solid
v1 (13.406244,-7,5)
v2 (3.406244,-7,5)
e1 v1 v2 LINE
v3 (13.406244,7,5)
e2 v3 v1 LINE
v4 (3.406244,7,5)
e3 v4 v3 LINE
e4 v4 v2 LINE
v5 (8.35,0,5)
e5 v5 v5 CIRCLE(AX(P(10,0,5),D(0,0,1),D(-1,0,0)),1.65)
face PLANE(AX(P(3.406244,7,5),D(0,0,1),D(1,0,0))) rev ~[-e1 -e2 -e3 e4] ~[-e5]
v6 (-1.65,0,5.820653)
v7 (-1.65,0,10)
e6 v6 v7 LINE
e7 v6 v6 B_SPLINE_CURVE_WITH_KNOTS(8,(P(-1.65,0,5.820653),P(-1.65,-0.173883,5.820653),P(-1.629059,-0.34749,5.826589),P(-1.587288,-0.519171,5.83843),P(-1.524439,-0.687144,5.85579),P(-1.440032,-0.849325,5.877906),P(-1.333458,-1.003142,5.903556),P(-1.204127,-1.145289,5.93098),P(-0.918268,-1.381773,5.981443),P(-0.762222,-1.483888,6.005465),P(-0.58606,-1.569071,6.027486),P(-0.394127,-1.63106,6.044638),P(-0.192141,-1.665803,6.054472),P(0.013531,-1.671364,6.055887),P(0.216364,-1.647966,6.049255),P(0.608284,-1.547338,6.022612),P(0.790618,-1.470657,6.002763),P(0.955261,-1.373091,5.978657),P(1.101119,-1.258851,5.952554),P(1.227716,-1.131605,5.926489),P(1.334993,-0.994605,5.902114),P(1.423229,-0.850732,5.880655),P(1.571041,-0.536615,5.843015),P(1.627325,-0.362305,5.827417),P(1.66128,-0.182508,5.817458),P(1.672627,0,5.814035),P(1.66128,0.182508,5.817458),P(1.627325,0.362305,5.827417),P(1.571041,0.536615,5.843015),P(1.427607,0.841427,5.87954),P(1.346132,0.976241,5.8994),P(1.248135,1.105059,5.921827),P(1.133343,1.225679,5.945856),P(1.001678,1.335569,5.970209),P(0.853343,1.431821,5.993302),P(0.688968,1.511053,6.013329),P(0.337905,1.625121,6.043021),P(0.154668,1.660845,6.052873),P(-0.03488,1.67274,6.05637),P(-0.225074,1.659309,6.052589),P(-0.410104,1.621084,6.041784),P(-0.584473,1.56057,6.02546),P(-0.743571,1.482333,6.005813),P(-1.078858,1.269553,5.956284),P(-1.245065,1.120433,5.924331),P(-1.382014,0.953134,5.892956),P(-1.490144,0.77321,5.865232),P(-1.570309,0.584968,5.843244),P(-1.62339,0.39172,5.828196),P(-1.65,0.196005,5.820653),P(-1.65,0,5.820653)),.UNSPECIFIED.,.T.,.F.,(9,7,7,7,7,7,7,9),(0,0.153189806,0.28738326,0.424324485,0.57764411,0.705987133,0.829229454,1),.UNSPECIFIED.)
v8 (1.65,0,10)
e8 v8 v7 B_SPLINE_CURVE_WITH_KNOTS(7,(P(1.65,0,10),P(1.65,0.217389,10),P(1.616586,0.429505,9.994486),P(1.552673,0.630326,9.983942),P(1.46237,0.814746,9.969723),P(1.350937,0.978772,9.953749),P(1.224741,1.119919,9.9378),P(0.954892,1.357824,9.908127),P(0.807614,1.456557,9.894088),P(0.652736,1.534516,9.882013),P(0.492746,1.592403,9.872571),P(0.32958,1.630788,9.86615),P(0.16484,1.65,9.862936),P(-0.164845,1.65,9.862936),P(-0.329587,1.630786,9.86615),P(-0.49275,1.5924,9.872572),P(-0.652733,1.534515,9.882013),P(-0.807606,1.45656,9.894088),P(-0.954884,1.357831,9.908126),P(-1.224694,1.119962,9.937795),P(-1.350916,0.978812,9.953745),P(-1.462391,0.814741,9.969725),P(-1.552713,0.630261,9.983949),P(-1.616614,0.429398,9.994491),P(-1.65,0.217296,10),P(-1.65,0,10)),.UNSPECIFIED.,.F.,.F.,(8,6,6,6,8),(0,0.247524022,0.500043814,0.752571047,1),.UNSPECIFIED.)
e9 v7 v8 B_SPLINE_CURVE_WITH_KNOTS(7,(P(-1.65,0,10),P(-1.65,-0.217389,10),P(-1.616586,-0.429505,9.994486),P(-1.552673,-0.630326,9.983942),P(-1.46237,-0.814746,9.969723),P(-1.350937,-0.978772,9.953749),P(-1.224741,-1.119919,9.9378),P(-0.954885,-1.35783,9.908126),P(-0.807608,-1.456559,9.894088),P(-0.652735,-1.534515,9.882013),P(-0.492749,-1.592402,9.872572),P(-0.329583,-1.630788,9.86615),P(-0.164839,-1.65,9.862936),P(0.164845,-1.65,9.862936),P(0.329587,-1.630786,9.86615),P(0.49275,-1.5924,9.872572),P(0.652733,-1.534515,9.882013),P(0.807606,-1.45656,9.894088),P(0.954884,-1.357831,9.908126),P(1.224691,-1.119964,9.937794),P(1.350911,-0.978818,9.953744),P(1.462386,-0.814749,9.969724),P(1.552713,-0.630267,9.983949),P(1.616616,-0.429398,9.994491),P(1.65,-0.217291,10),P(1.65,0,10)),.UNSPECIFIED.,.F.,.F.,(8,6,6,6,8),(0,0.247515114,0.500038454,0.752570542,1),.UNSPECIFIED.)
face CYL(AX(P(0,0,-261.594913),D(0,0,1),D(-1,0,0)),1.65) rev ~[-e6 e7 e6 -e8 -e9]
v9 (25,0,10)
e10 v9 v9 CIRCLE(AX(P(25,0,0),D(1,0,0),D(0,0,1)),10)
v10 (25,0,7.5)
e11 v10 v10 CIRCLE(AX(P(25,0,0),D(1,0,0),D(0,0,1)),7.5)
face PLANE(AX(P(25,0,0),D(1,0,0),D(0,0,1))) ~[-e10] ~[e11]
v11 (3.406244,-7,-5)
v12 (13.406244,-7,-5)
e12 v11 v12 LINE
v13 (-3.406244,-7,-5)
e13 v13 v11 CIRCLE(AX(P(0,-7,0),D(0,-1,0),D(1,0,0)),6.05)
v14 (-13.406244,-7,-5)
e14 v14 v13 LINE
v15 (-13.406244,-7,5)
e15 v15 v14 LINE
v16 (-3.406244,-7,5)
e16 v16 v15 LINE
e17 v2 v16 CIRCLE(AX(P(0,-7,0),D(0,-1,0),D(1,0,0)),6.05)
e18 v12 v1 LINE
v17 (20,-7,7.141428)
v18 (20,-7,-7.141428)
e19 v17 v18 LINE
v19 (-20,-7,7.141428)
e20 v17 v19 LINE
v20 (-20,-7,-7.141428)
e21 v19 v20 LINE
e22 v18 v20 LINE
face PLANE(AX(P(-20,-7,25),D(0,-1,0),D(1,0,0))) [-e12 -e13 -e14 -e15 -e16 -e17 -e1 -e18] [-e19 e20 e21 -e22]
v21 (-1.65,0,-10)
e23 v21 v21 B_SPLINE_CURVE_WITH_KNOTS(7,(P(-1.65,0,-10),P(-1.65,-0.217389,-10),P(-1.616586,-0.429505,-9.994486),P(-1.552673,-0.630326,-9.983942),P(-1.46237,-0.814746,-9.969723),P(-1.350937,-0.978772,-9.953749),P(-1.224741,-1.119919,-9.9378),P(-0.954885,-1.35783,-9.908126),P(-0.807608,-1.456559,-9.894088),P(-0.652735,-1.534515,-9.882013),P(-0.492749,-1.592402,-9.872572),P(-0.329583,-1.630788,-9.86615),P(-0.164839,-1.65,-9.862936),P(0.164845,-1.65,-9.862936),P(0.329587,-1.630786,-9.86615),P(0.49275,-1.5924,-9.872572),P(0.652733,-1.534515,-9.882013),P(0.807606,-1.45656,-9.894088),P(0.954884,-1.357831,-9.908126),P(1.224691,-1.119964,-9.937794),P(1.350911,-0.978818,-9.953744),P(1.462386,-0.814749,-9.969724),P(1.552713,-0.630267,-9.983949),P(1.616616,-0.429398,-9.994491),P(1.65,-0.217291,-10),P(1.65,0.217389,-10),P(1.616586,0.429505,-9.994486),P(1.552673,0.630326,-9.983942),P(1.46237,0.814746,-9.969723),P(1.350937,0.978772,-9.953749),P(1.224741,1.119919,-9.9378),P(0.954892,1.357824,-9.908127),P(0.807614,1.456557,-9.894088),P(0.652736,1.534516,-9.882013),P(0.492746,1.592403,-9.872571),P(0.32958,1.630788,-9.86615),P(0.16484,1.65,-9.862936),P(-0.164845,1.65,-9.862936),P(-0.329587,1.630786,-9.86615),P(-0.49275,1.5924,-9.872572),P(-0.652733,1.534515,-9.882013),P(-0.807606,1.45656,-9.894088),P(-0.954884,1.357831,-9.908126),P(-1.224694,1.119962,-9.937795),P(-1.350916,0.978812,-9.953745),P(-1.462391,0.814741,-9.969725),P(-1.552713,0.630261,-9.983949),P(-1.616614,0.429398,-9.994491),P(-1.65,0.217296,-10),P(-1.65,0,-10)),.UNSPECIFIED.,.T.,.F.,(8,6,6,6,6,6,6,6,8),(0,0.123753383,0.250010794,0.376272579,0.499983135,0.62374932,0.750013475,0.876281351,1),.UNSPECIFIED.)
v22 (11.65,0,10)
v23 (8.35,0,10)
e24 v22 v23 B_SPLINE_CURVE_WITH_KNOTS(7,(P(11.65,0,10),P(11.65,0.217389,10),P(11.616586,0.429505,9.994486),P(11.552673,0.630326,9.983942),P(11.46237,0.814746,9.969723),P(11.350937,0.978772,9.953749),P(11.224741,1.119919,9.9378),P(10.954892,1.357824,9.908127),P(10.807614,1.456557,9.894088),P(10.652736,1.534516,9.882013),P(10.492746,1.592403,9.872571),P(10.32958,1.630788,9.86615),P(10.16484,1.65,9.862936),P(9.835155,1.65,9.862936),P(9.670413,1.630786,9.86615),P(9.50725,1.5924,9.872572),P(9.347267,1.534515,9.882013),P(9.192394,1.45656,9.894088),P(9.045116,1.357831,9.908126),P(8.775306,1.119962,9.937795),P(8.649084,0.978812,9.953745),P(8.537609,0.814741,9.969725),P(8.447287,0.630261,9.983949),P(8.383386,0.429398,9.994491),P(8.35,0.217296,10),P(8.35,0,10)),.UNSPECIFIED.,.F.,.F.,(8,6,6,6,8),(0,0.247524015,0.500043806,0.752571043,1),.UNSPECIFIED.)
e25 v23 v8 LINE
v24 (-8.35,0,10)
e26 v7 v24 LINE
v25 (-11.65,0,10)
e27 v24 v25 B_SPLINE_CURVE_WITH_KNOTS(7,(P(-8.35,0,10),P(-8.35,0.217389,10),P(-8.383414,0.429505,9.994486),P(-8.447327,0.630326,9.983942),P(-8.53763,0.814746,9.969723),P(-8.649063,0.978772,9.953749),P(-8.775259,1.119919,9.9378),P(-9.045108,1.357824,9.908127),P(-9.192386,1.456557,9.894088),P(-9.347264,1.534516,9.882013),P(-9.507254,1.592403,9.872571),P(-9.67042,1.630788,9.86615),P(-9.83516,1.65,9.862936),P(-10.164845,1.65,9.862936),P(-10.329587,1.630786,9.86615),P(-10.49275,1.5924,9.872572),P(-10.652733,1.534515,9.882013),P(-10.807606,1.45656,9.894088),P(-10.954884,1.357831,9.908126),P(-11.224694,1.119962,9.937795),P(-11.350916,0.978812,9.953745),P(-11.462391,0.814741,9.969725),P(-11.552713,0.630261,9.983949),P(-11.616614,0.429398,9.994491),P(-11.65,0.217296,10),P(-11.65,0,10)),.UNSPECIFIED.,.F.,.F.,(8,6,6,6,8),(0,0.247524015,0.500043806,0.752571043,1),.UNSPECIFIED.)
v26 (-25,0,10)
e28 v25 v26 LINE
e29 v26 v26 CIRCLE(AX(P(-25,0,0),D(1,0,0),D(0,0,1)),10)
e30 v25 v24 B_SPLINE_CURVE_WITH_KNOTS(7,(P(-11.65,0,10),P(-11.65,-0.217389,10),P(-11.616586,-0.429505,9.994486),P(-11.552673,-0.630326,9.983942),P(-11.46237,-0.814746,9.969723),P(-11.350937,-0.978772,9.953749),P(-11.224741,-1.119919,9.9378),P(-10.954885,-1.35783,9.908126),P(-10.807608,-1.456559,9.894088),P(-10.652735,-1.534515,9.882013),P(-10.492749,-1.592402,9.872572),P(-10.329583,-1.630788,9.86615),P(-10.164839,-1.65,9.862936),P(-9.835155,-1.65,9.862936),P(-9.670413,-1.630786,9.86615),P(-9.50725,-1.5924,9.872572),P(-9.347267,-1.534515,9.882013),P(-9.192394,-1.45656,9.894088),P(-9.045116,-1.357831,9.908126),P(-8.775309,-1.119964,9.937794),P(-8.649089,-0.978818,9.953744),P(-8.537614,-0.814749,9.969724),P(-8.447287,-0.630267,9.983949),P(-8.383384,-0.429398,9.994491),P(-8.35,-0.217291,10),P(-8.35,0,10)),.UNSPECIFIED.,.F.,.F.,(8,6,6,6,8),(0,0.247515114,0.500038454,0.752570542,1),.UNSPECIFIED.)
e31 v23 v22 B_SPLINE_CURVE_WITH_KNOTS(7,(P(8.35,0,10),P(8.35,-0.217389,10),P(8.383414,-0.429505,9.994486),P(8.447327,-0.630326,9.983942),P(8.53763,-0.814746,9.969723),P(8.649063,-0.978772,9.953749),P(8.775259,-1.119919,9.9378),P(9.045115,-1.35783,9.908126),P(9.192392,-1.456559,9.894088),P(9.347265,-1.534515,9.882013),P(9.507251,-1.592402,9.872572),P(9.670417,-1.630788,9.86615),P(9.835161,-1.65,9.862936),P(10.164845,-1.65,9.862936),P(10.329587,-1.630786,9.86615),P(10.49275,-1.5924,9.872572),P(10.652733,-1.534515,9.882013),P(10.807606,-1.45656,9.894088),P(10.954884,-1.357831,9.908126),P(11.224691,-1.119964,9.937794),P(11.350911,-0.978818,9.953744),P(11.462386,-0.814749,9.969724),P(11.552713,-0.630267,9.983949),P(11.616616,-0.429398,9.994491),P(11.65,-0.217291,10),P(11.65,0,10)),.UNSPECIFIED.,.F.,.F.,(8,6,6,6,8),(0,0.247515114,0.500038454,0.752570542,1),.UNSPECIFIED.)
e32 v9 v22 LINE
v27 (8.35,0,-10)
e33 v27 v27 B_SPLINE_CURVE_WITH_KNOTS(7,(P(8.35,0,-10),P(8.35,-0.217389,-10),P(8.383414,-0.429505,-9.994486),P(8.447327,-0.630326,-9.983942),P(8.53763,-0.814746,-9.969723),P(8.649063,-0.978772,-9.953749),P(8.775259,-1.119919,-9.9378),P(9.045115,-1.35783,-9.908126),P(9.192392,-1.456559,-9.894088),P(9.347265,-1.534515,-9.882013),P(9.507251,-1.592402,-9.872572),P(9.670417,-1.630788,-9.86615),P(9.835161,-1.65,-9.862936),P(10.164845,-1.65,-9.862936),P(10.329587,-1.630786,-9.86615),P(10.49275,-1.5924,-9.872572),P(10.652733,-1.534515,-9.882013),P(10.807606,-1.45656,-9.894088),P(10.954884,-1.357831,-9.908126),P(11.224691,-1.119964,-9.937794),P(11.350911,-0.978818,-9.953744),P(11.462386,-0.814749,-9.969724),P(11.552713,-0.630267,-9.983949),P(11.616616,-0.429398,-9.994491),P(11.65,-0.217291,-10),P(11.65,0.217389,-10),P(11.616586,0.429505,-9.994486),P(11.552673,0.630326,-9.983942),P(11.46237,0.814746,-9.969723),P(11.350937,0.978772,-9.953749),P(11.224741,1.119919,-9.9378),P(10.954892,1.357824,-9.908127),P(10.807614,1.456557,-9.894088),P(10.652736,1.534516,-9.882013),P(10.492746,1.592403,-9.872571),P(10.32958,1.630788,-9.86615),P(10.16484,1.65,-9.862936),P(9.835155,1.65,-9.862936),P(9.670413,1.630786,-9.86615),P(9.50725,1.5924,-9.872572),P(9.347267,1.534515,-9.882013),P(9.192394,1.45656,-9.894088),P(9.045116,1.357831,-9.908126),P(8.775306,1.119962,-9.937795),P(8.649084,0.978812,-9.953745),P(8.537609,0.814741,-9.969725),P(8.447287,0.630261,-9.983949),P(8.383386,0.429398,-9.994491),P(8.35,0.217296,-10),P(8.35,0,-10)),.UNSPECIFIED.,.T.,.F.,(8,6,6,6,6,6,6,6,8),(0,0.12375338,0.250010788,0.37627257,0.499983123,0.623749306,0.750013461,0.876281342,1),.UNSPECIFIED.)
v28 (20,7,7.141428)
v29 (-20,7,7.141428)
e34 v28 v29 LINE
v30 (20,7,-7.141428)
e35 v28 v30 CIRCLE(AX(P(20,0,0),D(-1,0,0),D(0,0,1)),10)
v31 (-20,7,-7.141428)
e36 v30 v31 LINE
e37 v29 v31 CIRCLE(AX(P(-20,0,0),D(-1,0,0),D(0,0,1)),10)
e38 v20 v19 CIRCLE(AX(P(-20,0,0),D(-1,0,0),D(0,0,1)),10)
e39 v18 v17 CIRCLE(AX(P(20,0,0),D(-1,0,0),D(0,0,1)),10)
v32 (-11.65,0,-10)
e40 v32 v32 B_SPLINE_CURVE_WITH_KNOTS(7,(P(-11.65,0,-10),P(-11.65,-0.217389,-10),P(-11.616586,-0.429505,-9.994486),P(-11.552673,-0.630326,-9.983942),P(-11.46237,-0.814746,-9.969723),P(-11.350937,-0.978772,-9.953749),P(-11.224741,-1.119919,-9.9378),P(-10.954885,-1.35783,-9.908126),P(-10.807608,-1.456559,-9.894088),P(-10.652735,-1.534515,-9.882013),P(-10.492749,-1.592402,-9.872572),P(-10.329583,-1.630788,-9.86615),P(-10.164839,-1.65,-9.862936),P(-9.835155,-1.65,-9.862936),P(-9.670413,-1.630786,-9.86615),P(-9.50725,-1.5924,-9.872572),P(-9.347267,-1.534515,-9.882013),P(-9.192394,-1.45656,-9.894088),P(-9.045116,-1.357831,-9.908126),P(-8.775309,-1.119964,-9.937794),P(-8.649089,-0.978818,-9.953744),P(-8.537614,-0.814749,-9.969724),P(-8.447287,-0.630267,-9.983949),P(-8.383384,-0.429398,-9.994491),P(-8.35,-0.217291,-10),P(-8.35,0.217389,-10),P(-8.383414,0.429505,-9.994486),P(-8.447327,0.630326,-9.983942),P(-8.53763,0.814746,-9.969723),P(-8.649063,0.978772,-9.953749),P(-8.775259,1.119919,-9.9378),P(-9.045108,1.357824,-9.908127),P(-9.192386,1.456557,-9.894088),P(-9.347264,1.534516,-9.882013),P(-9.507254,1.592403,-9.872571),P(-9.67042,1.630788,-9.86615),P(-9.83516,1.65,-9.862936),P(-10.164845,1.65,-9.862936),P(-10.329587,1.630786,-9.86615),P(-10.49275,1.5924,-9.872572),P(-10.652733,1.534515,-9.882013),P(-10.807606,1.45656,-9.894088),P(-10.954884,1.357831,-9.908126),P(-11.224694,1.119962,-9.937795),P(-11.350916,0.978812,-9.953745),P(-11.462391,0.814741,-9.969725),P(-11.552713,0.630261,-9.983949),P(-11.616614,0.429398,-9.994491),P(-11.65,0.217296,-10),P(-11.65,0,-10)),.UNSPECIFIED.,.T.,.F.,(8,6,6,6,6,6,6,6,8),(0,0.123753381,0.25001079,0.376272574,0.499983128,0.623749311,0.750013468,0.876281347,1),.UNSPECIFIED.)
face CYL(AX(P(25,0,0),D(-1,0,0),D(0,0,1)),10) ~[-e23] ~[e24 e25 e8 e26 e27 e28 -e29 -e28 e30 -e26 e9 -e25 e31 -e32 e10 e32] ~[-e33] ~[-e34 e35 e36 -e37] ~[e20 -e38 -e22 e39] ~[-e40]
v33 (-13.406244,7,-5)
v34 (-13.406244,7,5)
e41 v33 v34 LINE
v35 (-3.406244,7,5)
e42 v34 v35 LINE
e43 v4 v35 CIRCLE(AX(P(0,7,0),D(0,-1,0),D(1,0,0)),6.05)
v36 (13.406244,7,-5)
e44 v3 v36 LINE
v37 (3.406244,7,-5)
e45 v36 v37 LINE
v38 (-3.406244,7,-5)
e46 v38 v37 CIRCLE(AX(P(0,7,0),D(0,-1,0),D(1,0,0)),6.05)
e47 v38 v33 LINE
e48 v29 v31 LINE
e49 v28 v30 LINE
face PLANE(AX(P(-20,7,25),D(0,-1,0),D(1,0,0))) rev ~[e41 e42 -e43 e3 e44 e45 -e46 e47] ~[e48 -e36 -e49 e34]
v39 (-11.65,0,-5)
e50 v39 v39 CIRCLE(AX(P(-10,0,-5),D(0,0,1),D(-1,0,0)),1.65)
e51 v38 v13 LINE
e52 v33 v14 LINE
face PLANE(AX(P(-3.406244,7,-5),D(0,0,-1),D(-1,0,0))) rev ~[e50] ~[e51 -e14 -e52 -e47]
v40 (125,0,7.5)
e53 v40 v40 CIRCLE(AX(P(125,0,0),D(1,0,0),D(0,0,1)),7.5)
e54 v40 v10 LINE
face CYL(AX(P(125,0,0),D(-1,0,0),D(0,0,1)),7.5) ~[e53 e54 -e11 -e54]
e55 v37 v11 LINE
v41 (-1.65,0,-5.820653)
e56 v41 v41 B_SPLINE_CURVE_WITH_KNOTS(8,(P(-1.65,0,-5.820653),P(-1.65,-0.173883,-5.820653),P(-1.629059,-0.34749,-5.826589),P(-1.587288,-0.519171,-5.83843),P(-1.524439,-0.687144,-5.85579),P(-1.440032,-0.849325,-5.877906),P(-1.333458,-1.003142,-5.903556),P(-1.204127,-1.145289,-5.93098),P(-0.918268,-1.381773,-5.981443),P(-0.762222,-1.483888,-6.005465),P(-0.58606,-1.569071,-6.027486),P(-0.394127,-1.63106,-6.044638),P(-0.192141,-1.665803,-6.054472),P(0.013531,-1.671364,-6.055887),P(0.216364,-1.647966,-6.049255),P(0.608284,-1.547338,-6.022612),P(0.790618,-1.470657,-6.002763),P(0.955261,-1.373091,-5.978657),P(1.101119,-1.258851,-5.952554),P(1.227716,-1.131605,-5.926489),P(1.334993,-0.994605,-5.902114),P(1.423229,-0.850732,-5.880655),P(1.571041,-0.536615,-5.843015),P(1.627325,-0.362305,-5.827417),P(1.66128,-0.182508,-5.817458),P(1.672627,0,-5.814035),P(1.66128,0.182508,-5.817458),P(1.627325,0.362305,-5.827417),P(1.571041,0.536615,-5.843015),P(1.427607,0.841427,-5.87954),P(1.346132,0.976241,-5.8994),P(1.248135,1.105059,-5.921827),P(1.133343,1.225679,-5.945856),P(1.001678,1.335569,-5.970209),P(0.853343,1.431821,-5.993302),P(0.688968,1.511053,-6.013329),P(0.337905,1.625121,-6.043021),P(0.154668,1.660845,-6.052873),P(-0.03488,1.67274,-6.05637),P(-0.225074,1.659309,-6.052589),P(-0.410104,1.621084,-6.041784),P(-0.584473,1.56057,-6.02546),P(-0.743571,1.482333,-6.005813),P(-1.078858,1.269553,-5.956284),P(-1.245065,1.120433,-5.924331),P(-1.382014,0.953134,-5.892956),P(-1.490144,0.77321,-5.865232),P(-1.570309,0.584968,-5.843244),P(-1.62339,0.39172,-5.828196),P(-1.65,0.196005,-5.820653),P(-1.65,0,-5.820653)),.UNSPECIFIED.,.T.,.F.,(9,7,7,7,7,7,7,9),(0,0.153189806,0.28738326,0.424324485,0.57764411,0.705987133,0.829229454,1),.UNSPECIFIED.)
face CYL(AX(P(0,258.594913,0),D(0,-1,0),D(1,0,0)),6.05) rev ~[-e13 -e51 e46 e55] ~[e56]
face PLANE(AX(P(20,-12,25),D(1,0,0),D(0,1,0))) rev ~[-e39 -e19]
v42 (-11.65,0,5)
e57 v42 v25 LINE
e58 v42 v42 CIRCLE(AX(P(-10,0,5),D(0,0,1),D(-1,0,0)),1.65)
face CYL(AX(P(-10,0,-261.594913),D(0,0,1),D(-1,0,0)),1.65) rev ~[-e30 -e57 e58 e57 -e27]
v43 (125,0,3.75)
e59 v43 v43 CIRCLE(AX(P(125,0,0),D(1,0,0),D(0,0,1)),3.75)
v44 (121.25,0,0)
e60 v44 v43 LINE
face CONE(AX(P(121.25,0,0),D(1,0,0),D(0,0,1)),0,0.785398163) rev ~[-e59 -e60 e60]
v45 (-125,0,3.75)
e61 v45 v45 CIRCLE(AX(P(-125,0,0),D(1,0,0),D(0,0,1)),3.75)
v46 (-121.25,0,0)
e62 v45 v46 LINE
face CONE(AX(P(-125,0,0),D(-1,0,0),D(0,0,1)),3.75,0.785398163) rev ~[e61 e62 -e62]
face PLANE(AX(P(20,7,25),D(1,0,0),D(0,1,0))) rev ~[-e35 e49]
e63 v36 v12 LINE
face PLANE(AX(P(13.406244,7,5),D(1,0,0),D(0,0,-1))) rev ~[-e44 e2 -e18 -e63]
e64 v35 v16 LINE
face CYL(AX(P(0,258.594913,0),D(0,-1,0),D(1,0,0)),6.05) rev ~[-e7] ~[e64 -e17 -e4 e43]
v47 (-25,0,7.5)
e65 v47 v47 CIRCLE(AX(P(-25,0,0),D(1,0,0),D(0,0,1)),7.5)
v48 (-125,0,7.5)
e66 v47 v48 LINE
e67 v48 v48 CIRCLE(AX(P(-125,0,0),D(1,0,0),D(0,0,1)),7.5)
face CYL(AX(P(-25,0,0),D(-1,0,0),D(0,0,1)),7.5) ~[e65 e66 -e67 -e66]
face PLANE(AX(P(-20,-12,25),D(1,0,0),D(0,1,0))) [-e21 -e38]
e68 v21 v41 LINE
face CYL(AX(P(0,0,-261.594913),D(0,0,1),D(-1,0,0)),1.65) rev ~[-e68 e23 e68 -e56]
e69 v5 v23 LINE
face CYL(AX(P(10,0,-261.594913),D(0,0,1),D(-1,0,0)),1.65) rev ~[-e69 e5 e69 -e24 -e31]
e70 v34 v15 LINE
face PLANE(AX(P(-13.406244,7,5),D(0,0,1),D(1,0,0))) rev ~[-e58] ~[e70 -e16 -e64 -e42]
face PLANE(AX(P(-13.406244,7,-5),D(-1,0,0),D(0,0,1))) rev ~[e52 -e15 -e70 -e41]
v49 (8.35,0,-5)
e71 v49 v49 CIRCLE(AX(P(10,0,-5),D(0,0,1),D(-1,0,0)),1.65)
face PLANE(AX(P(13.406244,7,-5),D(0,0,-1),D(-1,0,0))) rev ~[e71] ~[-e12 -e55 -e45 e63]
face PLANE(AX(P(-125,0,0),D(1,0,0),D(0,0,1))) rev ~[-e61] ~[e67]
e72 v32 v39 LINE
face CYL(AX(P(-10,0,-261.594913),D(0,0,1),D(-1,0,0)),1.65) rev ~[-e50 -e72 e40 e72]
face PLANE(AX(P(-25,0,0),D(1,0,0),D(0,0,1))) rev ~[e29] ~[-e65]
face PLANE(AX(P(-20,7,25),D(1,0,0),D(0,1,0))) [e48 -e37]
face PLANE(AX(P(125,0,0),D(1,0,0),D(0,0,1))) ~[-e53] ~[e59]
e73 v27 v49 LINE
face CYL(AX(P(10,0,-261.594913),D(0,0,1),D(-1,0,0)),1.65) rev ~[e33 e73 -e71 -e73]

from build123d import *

# Parameters (mm, degrees)
F3_W      = 40
F3_H      = 5
F4_DEPTH  = 35.001
F6_D      = 12.1
F9_D      = 3.3
F11_DEPTH = 17.0010001


with BuildPart() as f1:
    # F0 (on Front) → F1 (revolve)
    with BuildSketch(Plane.XZ):
        Polygon((-125, 7.5), (-125, 3.75), (-121.25, 0), (121.25, 0), (125, 3.75), (125, 7.5), (25, 7.5), (25, 10), (-25, 10), (-25, 7.5), align=None)
    revolve(axis=Axis((-80.2068784833, 0, 0), (1, 0, 0)))

    # F3 (on offset) → F4 (cut, through all)
    with BuildSketch(Plane.XY.offset(25)):
        with Locations((0, 9.5)):
            Rectangle(F3_W, F3_H)
        with Locations((0, -9.5)):
            Rectangle(F3_W, F3_H)
    extrude(amount=-F4_DEPTH, mode=Mode.SUBTRACT)

    # F6 (through all)
    with Locations(Plane(origin=(0, 7, 0), x_dir=(-1, 0, 0), z_dir=(0, 1, 0))):
        with Locations((0, 0)):
            Hole(F6_D / 2)

    # F9 (through all)
    with Locations(Plane(origin=(0, 0, -10), x_dir=(1, 0, 0), z_dir=(0, 0, -1))):
        with Locations((0, 0), (-10, 0), (10, 0)):
            Hole(F9_D / 2)

    # F10 (on face) → F11 (cut, through all)
    with BuildSketch(Plane(origin=(0, 7, 0), x_dir=(-1, 0, 0), z_dir=(0, 1, 0))):
        with BuildLine():
            Line((3.4062442661, -5), (13.4062442661, -5))
            Line((13.4062442661, -5), (13.4062442661, 5))
            Line((13.4062442661, 5), (3.4062442661, 5))
            ThreePointArc((3.4062442661, 5), (6.05, 0), (3.4062442661, -5))
        make_face()
        with BuildLine():
            Line((-13.4062442661, 5), (-13.4062442661, -5))
            Line((-13.4062442661, -5), (-3.4062442661, -5))
            ThreePointArc((-3.4062442661, -5), (-6.05, 0), (-3.4062442661, 5))
            Line((-3.4062442661, 5), (-13.4062442661, 5))
        make_face()
    extrude(amount=-F11_DEPTH, mode=Mode.SUBTRACT)


solid = f1.part
